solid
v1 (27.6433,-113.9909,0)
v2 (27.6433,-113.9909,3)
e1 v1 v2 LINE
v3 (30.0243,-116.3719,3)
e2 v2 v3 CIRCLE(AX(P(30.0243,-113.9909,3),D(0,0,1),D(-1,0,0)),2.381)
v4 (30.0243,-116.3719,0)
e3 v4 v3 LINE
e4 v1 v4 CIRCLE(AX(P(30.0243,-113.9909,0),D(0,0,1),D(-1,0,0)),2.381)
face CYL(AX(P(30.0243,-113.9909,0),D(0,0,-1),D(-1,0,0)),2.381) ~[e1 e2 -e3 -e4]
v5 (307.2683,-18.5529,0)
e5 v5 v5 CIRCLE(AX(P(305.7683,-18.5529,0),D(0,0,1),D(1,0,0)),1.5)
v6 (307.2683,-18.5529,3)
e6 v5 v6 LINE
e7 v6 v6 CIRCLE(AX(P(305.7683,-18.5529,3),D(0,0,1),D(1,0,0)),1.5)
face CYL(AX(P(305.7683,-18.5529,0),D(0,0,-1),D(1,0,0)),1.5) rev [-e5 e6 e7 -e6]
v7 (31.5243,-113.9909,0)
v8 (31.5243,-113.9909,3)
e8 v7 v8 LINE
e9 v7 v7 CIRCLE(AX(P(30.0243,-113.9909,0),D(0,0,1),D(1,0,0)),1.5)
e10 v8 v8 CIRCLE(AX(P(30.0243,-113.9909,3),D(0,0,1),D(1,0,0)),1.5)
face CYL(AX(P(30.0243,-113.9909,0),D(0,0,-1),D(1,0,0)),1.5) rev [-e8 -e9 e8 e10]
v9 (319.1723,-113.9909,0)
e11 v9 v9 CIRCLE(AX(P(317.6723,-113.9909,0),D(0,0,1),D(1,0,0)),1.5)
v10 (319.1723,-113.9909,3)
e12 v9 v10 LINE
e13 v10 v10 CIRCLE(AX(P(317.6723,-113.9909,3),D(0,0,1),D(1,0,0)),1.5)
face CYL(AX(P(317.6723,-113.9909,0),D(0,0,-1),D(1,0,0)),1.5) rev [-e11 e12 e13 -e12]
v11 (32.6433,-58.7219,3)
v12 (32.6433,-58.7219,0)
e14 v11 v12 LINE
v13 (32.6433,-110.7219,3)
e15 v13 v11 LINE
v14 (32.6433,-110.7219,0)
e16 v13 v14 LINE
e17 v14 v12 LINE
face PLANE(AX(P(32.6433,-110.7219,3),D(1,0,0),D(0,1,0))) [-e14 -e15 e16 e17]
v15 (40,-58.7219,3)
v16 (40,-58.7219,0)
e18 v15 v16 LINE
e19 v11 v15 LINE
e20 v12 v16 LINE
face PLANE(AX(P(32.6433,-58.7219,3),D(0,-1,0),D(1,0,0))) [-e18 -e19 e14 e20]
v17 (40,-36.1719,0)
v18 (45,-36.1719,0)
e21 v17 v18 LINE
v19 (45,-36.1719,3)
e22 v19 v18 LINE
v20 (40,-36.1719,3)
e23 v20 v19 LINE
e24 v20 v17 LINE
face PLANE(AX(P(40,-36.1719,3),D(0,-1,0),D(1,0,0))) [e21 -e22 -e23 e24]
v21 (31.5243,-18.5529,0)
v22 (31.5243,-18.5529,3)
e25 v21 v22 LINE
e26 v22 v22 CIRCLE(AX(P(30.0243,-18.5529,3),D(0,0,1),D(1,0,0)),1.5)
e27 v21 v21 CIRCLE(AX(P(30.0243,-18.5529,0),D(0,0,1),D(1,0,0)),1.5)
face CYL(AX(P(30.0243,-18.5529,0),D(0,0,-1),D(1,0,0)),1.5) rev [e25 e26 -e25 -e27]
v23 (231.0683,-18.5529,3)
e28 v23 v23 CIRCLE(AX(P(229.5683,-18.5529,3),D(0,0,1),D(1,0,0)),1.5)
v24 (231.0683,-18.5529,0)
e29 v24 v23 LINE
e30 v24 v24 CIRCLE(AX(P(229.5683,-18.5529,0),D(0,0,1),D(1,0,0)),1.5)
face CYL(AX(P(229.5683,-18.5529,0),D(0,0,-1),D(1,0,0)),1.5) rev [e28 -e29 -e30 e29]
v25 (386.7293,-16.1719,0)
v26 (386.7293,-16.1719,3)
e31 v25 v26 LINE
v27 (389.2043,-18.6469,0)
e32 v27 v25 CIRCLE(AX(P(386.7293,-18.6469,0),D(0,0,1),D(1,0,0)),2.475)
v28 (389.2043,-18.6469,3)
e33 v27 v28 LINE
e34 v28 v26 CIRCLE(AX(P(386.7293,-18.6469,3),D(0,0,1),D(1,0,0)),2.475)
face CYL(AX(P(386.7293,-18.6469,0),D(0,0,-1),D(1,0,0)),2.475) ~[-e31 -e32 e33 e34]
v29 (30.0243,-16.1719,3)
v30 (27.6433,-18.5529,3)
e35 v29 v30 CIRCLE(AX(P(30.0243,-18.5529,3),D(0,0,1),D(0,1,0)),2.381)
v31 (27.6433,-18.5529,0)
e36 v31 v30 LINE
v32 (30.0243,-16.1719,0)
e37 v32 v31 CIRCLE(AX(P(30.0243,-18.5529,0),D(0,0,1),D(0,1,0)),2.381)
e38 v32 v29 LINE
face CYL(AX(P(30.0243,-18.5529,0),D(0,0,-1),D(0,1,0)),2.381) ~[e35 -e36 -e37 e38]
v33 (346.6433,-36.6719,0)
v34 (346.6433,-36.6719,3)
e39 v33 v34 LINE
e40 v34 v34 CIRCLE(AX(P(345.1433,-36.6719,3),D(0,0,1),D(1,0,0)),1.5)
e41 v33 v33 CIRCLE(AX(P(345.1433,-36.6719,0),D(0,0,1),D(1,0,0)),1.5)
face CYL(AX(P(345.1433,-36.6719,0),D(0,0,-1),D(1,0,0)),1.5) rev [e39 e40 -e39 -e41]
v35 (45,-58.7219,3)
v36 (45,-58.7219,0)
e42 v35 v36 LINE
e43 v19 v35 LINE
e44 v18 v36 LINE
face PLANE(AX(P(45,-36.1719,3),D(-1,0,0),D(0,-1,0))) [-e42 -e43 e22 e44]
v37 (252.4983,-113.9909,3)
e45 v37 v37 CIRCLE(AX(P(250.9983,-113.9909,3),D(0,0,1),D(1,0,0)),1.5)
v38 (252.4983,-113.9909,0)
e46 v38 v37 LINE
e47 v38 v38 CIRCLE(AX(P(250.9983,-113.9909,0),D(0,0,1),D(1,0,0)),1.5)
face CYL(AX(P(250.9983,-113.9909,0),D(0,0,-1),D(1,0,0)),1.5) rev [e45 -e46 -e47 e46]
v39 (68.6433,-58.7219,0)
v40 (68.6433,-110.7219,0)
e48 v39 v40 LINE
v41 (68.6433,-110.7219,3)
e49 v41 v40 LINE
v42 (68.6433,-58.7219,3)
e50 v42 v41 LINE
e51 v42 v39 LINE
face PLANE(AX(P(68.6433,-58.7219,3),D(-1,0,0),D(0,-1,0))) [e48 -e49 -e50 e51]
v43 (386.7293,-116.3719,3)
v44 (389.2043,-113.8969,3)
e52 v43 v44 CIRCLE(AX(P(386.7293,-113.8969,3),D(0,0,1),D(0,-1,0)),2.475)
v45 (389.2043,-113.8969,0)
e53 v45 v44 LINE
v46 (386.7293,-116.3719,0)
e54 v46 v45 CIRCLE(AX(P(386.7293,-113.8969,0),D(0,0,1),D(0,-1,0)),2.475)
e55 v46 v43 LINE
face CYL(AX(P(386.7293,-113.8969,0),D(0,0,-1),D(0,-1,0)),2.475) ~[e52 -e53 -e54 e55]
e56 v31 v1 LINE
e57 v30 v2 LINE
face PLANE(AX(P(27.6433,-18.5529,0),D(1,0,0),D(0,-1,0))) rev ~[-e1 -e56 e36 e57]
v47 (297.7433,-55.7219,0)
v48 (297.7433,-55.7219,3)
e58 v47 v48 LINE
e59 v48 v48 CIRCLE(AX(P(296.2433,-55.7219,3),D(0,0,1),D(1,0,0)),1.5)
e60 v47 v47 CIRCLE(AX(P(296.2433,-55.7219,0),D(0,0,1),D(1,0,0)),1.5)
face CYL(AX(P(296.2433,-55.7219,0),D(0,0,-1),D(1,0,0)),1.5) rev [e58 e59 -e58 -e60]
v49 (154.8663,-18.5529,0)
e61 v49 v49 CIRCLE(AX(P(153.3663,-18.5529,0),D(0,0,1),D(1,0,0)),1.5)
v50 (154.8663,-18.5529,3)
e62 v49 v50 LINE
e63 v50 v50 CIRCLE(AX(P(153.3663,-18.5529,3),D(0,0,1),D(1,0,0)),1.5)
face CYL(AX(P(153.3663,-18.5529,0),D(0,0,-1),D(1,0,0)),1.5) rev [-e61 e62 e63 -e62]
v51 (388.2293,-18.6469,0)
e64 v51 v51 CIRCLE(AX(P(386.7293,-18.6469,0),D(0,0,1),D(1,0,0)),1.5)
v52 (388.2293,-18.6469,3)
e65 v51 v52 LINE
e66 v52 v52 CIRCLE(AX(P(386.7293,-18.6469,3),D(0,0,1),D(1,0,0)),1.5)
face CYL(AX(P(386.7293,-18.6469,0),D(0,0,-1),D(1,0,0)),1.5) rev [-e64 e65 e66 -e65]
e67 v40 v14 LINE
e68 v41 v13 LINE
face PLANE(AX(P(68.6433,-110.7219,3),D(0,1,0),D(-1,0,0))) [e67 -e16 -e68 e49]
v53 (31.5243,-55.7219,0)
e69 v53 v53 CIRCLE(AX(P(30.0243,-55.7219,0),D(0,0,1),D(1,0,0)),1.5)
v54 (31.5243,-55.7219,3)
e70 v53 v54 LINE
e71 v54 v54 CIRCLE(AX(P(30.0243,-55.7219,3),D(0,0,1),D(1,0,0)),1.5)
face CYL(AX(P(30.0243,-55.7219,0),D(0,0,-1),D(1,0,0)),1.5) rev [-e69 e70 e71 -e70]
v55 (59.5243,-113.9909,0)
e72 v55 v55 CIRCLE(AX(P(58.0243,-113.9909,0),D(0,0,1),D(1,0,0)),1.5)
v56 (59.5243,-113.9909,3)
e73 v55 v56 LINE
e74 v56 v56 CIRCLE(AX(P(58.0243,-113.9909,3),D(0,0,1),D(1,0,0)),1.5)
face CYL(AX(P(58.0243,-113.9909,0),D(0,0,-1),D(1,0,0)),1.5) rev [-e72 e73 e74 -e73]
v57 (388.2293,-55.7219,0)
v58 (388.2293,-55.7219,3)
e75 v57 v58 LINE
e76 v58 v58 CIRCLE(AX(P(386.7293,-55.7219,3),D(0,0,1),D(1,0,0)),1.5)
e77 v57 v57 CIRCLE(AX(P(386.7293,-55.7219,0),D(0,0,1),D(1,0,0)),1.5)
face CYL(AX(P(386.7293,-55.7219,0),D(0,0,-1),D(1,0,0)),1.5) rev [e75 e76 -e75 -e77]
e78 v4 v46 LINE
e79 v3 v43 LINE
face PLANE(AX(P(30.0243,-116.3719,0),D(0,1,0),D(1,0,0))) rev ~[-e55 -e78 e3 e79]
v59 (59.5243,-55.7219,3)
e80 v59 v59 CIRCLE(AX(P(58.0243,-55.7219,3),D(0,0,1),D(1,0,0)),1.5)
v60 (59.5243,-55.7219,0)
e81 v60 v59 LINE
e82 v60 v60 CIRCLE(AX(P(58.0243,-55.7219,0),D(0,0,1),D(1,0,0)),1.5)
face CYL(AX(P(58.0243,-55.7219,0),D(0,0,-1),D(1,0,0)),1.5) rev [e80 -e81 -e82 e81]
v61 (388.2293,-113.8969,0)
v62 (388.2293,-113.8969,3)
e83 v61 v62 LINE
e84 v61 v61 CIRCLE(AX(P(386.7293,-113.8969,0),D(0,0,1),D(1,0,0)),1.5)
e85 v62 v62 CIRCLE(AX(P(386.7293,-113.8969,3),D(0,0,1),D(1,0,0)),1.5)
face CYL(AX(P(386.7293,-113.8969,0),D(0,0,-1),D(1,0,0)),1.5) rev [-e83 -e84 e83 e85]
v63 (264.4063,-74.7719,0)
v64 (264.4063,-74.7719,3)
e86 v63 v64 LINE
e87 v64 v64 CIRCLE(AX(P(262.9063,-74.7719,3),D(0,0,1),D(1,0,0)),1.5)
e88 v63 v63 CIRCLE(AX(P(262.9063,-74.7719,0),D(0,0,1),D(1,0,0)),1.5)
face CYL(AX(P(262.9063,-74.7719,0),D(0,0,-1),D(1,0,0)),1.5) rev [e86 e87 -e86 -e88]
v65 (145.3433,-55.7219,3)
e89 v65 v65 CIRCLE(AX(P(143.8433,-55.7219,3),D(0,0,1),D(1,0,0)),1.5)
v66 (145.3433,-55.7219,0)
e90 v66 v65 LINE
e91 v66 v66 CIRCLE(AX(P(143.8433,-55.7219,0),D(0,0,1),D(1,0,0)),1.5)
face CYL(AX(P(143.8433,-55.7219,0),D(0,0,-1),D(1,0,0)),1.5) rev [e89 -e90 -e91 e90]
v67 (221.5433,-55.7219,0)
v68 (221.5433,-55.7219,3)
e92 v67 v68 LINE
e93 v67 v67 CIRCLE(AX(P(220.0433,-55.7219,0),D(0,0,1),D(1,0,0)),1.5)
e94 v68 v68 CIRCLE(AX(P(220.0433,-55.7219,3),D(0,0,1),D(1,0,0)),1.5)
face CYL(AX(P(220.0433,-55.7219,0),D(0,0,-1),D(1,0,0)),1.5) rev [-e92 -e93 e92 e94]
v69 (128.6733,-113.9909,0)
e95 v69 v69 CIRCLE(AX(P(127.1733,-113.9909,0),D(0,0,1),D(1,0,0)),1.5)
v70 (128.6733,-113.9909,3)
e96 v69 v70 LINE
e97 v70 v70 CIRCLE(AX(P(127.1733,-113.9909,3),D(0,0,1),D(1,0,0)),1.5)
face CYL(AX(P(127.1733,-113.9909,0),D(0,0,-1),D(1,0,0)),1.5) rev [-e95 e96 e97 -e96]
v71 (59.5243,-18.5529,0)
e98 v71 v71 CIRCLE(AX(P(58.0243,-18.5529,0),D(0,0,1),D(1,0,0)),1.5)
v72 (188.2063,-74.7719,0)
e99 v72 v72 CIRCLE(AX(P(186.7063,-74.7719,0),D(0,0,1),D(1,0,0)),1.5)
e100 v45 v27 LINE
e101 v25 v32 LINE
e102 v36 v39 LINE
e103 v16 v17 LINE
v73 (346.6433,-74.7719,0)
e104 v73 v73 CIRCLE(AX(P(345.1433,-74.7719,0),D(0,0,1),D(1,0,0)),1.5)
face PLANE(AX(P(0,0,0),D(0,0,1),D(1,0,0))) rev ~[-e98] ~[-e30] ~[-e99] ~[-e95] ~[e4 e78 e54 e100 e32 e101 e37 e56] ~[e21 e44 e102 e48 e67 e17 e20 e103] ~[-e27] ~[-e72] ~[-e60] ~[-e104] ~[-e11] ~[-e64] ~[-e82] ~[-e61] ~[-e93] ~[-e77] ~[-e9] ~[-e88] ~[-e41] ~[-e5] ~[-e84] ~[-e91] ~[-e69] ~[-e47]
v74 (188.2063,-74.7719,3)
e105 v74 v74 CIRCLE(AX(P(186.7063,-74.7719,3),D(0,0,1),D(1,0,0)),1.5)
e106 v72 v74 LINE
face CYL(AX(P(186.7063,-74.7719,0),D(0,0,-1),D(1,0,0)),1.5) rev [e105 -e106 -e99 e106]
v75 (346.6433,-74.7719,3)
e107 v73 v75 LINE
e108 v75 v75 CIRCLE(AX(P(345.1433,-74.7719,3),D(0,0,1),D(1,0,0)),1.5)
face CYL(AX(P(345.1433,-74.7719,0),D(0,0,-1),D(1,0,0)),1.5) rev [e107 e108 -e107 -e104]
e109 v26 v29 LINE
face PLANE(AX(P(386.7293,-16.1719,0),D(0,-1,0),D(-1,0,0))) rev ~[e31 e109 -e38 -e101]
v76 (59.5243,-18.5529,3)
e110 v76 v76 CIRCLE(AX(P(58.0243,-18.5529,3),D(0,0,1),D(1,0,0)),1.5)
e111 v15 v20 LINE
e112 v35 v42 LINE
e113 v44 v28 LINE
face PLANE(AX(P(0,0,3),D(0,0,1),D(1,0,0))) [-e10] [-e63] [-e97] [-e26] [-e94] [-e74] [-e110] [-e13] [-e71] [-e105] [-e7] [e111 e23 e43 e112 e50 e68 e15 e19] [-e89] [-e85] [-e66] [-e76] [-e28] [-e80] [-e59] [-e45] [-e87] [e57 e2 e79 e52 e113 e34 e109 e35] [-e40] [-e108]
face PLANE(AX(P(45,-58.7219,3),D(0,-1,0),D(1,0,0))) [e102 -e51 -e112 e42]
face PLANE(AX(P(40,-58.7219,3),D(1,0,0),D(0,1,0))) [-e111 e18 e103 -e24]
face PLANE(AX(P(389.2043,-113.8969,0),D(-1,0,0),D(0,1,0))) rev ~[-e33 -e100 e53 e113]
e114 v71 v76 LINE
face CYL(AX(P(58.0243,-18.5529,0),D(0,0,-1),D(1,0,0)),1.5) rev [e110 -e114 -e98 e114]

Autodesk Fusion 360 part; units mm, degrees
sketch "Sketch1" plane through (0, 0, 0) normal (0, 0, 1) x (1, 0, 0)
  circle A0 centre (317.6723, -113.9909) radius 1.5
  circle A1 centre (386.7293, -18.6469) radius 1.5
  line L0 (30.0243, -116.3719) -> (386.7293, -116.3719)
  circle A2 centre (229.5683, -18.5529) radius 1.5
  circle A3 centre (262.9063, -74.7719) radius 1.5
  line L1 (389.2043, -113.8969) -> (389.2043, -18.6469)
  arc A4 (389.2043, -18.6469) -> (386.7293, -16.1719) centre (386.7293, -18.6469) ccw
  circle A5 centre (143.8433, -55.7219) radius 1.5
  circle A6 centre (296.2433, -55.7219) radius 1.5
  line L2 (386.7293, -16.1719) -> (30.0243, -16.1719)
  circle A7 centre (305.7683, -18.5529) radius 1.5
  circle A8 centre (386.7293, -55.7219) radius 1.5
  circle A9 centre (153.3663, -18.5529) radius 1.5
  arc A10 (27.6433, -113.9909) -> (30.0243, -116.3719) centre (30.0243, -113.9909) ccw
  circle A11 centre (58.0243, -55.7219) radius 1.5
  circle A12 centre (30.0243, -18.5529) radius 1.5
  circle A13 centre (250.9983, -113.9909) radius 1.5
  line L3 (27.6433, -18.5529) -> (27.6433, -113.9909)
  circle A14 centre (58.0243, -18.5529) radius 1.5
  arc A15 (30.0243, -16.1719) -> (27.6433, -18.5529) centre (30.0243, -18.5529) ccw
  circle A16 centre (127.1733, -113.9909) radius 1.5
  arc A17 (386.7293, -116.3719) -> (389.2043, -113.8969) centre (386.7293, -113.8969) ccw
  circle A18 centre (386.7293, -113.8969) radius 1.5
  circle A19 centre (30.0243, -55.7219) radius 1.5
  circle A20 centre (345.1433, -74.7719) radius 1.5
  circle A21 centre (30.0243, -113.9909) radius 1.5
  circle A22 centre (220.0433, -55.7219) radius 1.5
  circle A23 centre (58.0243, -113.9909) radius 1.5
  circle A24 centre (186.7063, -74.7719) radius 1.5
  circle A25 centre (345.1433, -36.6719) radius 1.5
  point P0 (389.2043, -16.1719)
  point P1 (27.6433, -16.1719)
  point P2 (389.2043, -116.3719)
  dimension "d78" = 100.2
  dimension "d79" = 361.561
  dimension "d80" = 3
  dimension "d81" = 2.381
  dimension "d82" = 2.381
  dimension "d83" = 30.381
  dimension "d84" = 125.723
  dimension "d85" = 201.925
  dimension "d86" = 278.125
  dimension "d87" = 2.475
  dimension "d88" = 2.475
  dimension "d89" = 2.381
  dimension "d90" = 2.381
  dimension "d91" = 2.381
  dimension "d92" = 2.381
  dimension "d93" = 3
  dimension "d94" = 3
  dimension "d95" = 3
  dimension "d96" = 3
  dimension "d97" = 3
  dimension "d98" = 2.381
  dimension "d99" = 2.381
  dimension "d100" = 2.381
  dimension "d101" = 2.381
  dimension "d102" = 2.381
  dimension "d103" = 2.381
  dimension "d104" = 2.381
  dimension "d105" = 2.475
  dimension "d106" = 2.475
  dimension "d107" = 2.475
  dimension "d108" = 39.55
  dimension "d109" = 39.55
  dimension "d110" = 39.55
  dimension "d111" = 39.55
  dimension "d112" = 39.55
  dimension "d113" = 39.55
  dimension "d114" = 30.381
  dimension "d115" = 116.2
  dimension "d116" = 192.4
  dimension "d117" = 268.6
  dimension "d118" = 44.061
  dimension "d119" = 20.5
  dimension "d120" = 3
  dimension "d121" = 3
  dimension "d122" = 3
  dimension "d123" = 3
  dimension "d124" = 3
  dimension "d125" = 3
  dimension "d126" = 30.381
  dimension "d127" = 99.53
  dimension "d128" = 223.355
  dimension "d129" = 290.029
  dimension "d130" = 44.061
  dimension "d131" = 58.6
  dimension "d132" = 159.063
  dimension "d133" = 235.263
  dimension "d134" = 41.6
  dimension "d135" = 41.6
  dimension "d136" = 3
  dimension "d137" = 3
  dimension "d138" = 3
  dimension "d139" = 3
  dimension "d140" = 3
  dimension "d141" = 3
  dimension "d142" = 3
  dimension "d143" = 3
  dimension "d144" = 3
  dimension "d145" = 3
  dimension "d146" = 2.381
  dimension "d147" = 2.381
  dimension "d148" = 2.475
  dimension "d149" = 2.475
extrude "Extrude1" add sketch "Sketch1" along normal blind 3
sketch "Sketch2" plane through (0, 0, 3) normal (0, 0, 1) x (-1, 0, 0)
  circle A0 centre (-143.8433, 55.7219) radius 1.5
  circle A1 centre (-386.7293, 113.8969) radius 1.5
  circle A2 centre (-262.9063, 74.7719) radius 1.5
  circle A3 centre (-30.0243, 113.9909) radius 1.5
  circle A4 centre (-58.0243, 55.7219) radius 1.5
  circle A5 centre (-250.9983, 113.9909) radius 1.5
  circle A6 centre (-317.6723, 113.9909) radius 1.5
  circle A7 centre (-296.2433, 55.7219) radius 1.5
  circle A8 centre (-127.1733, 113.9909) radius 1.5
  circle A9 centre (-386.7293, 55.7219) radius 1.5
  circle A10 centre (-386.7293, 18.6469) radius 1.5
  circle A11 centre (-345.1433, 74.7719) radius 1.5
  circle A12 centre (-58.0243, 18.5529) radius 1.5
  circle A13 centre (-30.0243, 18.5529) radius 1.5
  circle A14 centre (-186.7063, 74.7719) radius 1.5
  circle A15 centre (-345.1433, 36.6719) radius 1.5
  circle A16 centre (-153.3663, 18.5529) radius 1.5
  circle A17 centre (-305.7683, 18.5529) radius 1.5
  circle A18 centre (-229.5683, 18.5529) radius 1.5
  circle A19 centre (-58.0243, 113.9909) radius 1.5
  circle A20 centre (-30.0243, 55.7219) radius 1.5
  circle A21 centre (-220.0433, 55.7219) radius 1.5
  arc A22 (-386.7293, 116.3719) -> (-389.2043, 113.8969) centre (-386.7293, 113.8969) ccw
  line L0 (-389.2043, 113.8969) -> (-389.2043, 18.6469)
  arc A23 (-389.2043, 18.6469) -> (-386.7293, 16.1719) centre (-386.7293, 18.6469) ccw
  line L1 (-386.7293, 16.1719) -> (-30.0243, 16.1719)
  arc A24 (-30.0243, 16.1719) -> (-27.6433, 18.5529) centre (-30.0243, 18.5529) ccw
  line L2 (-27.6433, 18.5529) -> (-27.6433, 113.9909)
  arc A25 (-27.6433, 113.9909) -> (-30.0243, 116.3719) centre (-30.0243, 113.9909) ccw
  line L3 (-30.0243, 116.3719) -> (-386.7293, 116.3719)
  line L4 (-32.6433, 58.7219) -> (-68.6433, 58.7219)
  line L5 (-68.6433, 58.7219) -> (-68.6433, 110.7219)
  line L6 (-68.6433, 110.7219) -> (-32.6433, 110.7219)
  line L7 (-32.6433, 110.7219) -> (-32.6433, 58.7219)
  line L8 (-40, 36.1719) -> (-45, 36.1719)
  line L9 (-45, 36.1719) -> (-45, 58.7219)
  line L10 (-45, 58.7219) -> (-40, 58.7219)
  line L11 (-40, 58.7219) -> (-40, 36.1719)
  dimension "d153" = 36
  dimension "d154" = 52
  dimension "d155" = 3
  dimension "d156" = 5
  dimension "d159" = 5
  dimension "d161" = 20
extrude "Extrude2" cut sketch "Sketch2" against normal blind 3 contours L4 L5 L6 L7 L10 | L4 L8 L9 L10 L11
sketch "Sketch3" plane through (0, 0, 3) normal (0, 0, 1) x (-1, 0, 0)
  line L0 (-68.6433, 58.7219) -> (-68.6433, 110.7219)
  line L1 (-68.6433, 110.7219) -> (-32.6433, 110.7219)
  line L2 (-32.6433, 110.7219) -> (-32.6433, 58.7219)
  line L3 (-32.6433, 58.7219) -> (-40, 58.7219)
  circle A0 centre (-143.8433, 55.7219) radius 1.5
  circle A1 centre (-386.7293, 113.8969) radius 1.5
  circle A2 centre (-262.9063, 74.7719) radius 1.5
  circle A3 centre (-30.0243, 113.9909) radius 1.5
  circle A4 centre (-58.0243, 55.7219) radius 1.5
  circle A5 centre (-250.9983, 113.9909) radius 1.5
  circle A6 centre (-317.6723, 113.9909) radius 1.5
  circle A7 centre (-296.2433, 55.7219) radius 1.5
  circle A8 centre (-127.1733, 113.9909) radius 1.5
  circle A9 centre (-386.7293, 55.7219) radius 1.5
  circle A10 centre (-386.7293, 18.6469) radius 1.5
  circle A11 centre (-345.1433, 74.7719) radius 1.5
  circle A12 centre (-58.0243, 18.5529) radius 1.5
  circle A13 centre (-30.0243, 18.5529) radius 1.5
  circle A14 centre (-186.7063, 74.7719) radius 1.5
  circle A15 centre (-345.1433, 36.6719) radius 1.5
  circle A16 centre (-153.3663, 18.5529) radius 1.5
  circle A17 centre (-305.7683, 18.5529) radius 1.5
  circle A18 centre (-229.5683, 18.5529) radius 1.5
  circle A19 centre (-58.0243, 113.9909) radius 1.5
  circle A20 centre (-30.0243, 55.7219) radius 1.5
  circle A21 centre (-220.0433, 55.7219) radius 1.5
  arc A22 (-386.7293, 116.3719) -> (-389.2043, 113.8969) centre (-386.7293, 113.8969) ccw
  line L4 (-389.2043, 113.8969) -> (-389.2043, 18.6469)
  arc A23 (-389.2043, 18.6469) -> (-386.7293, 16.1719) centre (-386.7293, 18.6469) ccw
  line L5 (-386.7293, 16.1719) -> (-30.0243, 16.1719)
  arc A24 (-30.0243, 16.1719) -> (-27.6433, 18.5529) centre (-30.0243, 18.5529) ccw
  line L6 (-27.6433, 18.5529) -> (-27.6433, 113.9909)
  arc A25 (-27.6433, 113.9909) -> (-30.0243, 116.3719) centre (-30.0243, 113.9909) ccw
  line L7 (-30.0243, 116.3719) -> (-386.7293, 116.3719)
  line L8 (-40, 58.7219) -> (-40, 36.1719)
  line L9 (-40, 36.1719) -> (-45, 36.1719)
  line L10 (-45, 36.1719) -> (-45, 58.7219)
  line L11 (-45, 58.7219) -> (-68.6433, 58.7219)
sketch "Sketch4" plane through (0, 0, 3) normal (0, 0, 1) x (-1, 0, 0)
  line L0 (-68.6433, 58.7219) -> (-68.6433, 110.7219)
  line L1 (-68.6433, 110.7219) -> (-32.6433, 110.7219)
  line L2 (-32.6433, 110.7219) -> (-32.6433, 58.7219)
  line L3 (-32.6433, 58.7219) -> (-40, 58.7219)
  circle A0 centre (-143.8433, 55.7219) radius 1.5
  circle A1 centre (-386.7293, 113.8969) radius 1.5
  circle A2 centre (-262.9063, 74.7719) radius 1.5
  circle A3 centre (-30.0243, 113.9909) radius 1.5
  circle A4 centre (-58.0243, 55.7219) radius 1.5
  circle A5 centre (-250.9983, 113.9909) radius 1.5
  circle A6 centre (-317.6723, 113.9909) radius 1.5
  circle A7 centre (-296.2433, 55.7219) radius 1.5
  circle A8 centre (-127.1733, 113.9909) radius 1.5
  circle A9 centre (-386.7293, 55.7219) radius 1.5
  circle A10 centre (-386.7293, 18.6469) radius 1.5
  circle A11 centre (-345.1433, 74.7719) radius 1.5
  circle A12 centre (-58.0243, 18.5529) radius 1.5
  circle A13 centre (-30.0243, 18.5529) radius 1.5
  circle A14 centre (-186.7063, 74.7719) radius 1.5
  circle A15 centre (-345.1433, 36.6719) radius 1.5
  circle A16 centre (-153.3663, 18.5529) radius 1.5
  circle A17 centre (-305.7683, 18.5529) radius 1.5
  circle A18 centre (-229.5683, 18.5529) radius 1.5
  circle A19 centre (-58.0243, 113.9909) radius 1.5
  circle A20 centre (-30.0243, 55.7219) radius 1.5
  circle A21 centre (-220.0433, 55.7219) radius 1.5
  arc A22 (-386.7293, 116.3719) -> (-389.2043, 113.8969) centre (-386.7293, 113.8969) ccw
  line L4 (-389.2043, 113.8969) -> (-389.2043, 18.6469)
  arc A23 (-389.2043, 18.6469) -> (-386.7293, 16.1719) centre (-386.7293, 18.6469) ccw
  line L5 (-386.7293, 16.1719) -> (-30.0243, 16.1719)
  arc A24 (-30.0243, 16.1719) -> (-27.6433, 18.5529) centre (-30.0243, 18.5529) ccw
  line L6 (-27.6433, 18.5529) -> (-27.6433, 113.9909)
  arc A25 (-27.6433, 113.9909) -> (-30.0243, 116.3719) centre (-30.0243, 113.9909) ccw
  line L7 (-30.0243, 116.3719) -> (-386.7293, 116.3719)
  line L8 (-40, 58.7219) -> (-40, 36.1719)
  line L9 (-40, 36.1719) -> (-45, 36.1719)
  line L10 (-45, 36.1719) -> (-45, 58.7219)
  line L11 (-45, 58.7219) -> (-68.6433, 58.7219)
equation "d80 = m2_hole_standoff"
equation "d93 = m2_hole_standoff"
equation "d94 = m2_hole_standoff"
equation "d95 = m2_hole_standoff"
equation "d96 = m2_hole_standoff"
equation "d97 = m2_hole_standoff"
equation "d120 = m2_hole_standoff"
equation "d121 = m2_hole_standoff"
equation "d122 = m2_hole_standoff"
equation "d123 = m2_hole_standoff"
equation "d124 = m2_hole_standoff"
equation "d125 = m2_hole_standoff"
equation "d136 = m2_hole_standoff"
equation "d137 = m2_hole_standoff"
equation "d138 = m2_hole_standoff"
equation "d139 = m2_hole_standoff"
equation "d140 = m2_hole_standoff"
equation "d141 = m2_hole_standoff"
equation "d142 = m2_hole_standoff"
equation "d143 = m2_hole_standoff"
equation "d144 = m2_hole_standoff"
equation "d145 = m2_hole_standoff"
equation "m2_hole_standoff = 3 mm"
